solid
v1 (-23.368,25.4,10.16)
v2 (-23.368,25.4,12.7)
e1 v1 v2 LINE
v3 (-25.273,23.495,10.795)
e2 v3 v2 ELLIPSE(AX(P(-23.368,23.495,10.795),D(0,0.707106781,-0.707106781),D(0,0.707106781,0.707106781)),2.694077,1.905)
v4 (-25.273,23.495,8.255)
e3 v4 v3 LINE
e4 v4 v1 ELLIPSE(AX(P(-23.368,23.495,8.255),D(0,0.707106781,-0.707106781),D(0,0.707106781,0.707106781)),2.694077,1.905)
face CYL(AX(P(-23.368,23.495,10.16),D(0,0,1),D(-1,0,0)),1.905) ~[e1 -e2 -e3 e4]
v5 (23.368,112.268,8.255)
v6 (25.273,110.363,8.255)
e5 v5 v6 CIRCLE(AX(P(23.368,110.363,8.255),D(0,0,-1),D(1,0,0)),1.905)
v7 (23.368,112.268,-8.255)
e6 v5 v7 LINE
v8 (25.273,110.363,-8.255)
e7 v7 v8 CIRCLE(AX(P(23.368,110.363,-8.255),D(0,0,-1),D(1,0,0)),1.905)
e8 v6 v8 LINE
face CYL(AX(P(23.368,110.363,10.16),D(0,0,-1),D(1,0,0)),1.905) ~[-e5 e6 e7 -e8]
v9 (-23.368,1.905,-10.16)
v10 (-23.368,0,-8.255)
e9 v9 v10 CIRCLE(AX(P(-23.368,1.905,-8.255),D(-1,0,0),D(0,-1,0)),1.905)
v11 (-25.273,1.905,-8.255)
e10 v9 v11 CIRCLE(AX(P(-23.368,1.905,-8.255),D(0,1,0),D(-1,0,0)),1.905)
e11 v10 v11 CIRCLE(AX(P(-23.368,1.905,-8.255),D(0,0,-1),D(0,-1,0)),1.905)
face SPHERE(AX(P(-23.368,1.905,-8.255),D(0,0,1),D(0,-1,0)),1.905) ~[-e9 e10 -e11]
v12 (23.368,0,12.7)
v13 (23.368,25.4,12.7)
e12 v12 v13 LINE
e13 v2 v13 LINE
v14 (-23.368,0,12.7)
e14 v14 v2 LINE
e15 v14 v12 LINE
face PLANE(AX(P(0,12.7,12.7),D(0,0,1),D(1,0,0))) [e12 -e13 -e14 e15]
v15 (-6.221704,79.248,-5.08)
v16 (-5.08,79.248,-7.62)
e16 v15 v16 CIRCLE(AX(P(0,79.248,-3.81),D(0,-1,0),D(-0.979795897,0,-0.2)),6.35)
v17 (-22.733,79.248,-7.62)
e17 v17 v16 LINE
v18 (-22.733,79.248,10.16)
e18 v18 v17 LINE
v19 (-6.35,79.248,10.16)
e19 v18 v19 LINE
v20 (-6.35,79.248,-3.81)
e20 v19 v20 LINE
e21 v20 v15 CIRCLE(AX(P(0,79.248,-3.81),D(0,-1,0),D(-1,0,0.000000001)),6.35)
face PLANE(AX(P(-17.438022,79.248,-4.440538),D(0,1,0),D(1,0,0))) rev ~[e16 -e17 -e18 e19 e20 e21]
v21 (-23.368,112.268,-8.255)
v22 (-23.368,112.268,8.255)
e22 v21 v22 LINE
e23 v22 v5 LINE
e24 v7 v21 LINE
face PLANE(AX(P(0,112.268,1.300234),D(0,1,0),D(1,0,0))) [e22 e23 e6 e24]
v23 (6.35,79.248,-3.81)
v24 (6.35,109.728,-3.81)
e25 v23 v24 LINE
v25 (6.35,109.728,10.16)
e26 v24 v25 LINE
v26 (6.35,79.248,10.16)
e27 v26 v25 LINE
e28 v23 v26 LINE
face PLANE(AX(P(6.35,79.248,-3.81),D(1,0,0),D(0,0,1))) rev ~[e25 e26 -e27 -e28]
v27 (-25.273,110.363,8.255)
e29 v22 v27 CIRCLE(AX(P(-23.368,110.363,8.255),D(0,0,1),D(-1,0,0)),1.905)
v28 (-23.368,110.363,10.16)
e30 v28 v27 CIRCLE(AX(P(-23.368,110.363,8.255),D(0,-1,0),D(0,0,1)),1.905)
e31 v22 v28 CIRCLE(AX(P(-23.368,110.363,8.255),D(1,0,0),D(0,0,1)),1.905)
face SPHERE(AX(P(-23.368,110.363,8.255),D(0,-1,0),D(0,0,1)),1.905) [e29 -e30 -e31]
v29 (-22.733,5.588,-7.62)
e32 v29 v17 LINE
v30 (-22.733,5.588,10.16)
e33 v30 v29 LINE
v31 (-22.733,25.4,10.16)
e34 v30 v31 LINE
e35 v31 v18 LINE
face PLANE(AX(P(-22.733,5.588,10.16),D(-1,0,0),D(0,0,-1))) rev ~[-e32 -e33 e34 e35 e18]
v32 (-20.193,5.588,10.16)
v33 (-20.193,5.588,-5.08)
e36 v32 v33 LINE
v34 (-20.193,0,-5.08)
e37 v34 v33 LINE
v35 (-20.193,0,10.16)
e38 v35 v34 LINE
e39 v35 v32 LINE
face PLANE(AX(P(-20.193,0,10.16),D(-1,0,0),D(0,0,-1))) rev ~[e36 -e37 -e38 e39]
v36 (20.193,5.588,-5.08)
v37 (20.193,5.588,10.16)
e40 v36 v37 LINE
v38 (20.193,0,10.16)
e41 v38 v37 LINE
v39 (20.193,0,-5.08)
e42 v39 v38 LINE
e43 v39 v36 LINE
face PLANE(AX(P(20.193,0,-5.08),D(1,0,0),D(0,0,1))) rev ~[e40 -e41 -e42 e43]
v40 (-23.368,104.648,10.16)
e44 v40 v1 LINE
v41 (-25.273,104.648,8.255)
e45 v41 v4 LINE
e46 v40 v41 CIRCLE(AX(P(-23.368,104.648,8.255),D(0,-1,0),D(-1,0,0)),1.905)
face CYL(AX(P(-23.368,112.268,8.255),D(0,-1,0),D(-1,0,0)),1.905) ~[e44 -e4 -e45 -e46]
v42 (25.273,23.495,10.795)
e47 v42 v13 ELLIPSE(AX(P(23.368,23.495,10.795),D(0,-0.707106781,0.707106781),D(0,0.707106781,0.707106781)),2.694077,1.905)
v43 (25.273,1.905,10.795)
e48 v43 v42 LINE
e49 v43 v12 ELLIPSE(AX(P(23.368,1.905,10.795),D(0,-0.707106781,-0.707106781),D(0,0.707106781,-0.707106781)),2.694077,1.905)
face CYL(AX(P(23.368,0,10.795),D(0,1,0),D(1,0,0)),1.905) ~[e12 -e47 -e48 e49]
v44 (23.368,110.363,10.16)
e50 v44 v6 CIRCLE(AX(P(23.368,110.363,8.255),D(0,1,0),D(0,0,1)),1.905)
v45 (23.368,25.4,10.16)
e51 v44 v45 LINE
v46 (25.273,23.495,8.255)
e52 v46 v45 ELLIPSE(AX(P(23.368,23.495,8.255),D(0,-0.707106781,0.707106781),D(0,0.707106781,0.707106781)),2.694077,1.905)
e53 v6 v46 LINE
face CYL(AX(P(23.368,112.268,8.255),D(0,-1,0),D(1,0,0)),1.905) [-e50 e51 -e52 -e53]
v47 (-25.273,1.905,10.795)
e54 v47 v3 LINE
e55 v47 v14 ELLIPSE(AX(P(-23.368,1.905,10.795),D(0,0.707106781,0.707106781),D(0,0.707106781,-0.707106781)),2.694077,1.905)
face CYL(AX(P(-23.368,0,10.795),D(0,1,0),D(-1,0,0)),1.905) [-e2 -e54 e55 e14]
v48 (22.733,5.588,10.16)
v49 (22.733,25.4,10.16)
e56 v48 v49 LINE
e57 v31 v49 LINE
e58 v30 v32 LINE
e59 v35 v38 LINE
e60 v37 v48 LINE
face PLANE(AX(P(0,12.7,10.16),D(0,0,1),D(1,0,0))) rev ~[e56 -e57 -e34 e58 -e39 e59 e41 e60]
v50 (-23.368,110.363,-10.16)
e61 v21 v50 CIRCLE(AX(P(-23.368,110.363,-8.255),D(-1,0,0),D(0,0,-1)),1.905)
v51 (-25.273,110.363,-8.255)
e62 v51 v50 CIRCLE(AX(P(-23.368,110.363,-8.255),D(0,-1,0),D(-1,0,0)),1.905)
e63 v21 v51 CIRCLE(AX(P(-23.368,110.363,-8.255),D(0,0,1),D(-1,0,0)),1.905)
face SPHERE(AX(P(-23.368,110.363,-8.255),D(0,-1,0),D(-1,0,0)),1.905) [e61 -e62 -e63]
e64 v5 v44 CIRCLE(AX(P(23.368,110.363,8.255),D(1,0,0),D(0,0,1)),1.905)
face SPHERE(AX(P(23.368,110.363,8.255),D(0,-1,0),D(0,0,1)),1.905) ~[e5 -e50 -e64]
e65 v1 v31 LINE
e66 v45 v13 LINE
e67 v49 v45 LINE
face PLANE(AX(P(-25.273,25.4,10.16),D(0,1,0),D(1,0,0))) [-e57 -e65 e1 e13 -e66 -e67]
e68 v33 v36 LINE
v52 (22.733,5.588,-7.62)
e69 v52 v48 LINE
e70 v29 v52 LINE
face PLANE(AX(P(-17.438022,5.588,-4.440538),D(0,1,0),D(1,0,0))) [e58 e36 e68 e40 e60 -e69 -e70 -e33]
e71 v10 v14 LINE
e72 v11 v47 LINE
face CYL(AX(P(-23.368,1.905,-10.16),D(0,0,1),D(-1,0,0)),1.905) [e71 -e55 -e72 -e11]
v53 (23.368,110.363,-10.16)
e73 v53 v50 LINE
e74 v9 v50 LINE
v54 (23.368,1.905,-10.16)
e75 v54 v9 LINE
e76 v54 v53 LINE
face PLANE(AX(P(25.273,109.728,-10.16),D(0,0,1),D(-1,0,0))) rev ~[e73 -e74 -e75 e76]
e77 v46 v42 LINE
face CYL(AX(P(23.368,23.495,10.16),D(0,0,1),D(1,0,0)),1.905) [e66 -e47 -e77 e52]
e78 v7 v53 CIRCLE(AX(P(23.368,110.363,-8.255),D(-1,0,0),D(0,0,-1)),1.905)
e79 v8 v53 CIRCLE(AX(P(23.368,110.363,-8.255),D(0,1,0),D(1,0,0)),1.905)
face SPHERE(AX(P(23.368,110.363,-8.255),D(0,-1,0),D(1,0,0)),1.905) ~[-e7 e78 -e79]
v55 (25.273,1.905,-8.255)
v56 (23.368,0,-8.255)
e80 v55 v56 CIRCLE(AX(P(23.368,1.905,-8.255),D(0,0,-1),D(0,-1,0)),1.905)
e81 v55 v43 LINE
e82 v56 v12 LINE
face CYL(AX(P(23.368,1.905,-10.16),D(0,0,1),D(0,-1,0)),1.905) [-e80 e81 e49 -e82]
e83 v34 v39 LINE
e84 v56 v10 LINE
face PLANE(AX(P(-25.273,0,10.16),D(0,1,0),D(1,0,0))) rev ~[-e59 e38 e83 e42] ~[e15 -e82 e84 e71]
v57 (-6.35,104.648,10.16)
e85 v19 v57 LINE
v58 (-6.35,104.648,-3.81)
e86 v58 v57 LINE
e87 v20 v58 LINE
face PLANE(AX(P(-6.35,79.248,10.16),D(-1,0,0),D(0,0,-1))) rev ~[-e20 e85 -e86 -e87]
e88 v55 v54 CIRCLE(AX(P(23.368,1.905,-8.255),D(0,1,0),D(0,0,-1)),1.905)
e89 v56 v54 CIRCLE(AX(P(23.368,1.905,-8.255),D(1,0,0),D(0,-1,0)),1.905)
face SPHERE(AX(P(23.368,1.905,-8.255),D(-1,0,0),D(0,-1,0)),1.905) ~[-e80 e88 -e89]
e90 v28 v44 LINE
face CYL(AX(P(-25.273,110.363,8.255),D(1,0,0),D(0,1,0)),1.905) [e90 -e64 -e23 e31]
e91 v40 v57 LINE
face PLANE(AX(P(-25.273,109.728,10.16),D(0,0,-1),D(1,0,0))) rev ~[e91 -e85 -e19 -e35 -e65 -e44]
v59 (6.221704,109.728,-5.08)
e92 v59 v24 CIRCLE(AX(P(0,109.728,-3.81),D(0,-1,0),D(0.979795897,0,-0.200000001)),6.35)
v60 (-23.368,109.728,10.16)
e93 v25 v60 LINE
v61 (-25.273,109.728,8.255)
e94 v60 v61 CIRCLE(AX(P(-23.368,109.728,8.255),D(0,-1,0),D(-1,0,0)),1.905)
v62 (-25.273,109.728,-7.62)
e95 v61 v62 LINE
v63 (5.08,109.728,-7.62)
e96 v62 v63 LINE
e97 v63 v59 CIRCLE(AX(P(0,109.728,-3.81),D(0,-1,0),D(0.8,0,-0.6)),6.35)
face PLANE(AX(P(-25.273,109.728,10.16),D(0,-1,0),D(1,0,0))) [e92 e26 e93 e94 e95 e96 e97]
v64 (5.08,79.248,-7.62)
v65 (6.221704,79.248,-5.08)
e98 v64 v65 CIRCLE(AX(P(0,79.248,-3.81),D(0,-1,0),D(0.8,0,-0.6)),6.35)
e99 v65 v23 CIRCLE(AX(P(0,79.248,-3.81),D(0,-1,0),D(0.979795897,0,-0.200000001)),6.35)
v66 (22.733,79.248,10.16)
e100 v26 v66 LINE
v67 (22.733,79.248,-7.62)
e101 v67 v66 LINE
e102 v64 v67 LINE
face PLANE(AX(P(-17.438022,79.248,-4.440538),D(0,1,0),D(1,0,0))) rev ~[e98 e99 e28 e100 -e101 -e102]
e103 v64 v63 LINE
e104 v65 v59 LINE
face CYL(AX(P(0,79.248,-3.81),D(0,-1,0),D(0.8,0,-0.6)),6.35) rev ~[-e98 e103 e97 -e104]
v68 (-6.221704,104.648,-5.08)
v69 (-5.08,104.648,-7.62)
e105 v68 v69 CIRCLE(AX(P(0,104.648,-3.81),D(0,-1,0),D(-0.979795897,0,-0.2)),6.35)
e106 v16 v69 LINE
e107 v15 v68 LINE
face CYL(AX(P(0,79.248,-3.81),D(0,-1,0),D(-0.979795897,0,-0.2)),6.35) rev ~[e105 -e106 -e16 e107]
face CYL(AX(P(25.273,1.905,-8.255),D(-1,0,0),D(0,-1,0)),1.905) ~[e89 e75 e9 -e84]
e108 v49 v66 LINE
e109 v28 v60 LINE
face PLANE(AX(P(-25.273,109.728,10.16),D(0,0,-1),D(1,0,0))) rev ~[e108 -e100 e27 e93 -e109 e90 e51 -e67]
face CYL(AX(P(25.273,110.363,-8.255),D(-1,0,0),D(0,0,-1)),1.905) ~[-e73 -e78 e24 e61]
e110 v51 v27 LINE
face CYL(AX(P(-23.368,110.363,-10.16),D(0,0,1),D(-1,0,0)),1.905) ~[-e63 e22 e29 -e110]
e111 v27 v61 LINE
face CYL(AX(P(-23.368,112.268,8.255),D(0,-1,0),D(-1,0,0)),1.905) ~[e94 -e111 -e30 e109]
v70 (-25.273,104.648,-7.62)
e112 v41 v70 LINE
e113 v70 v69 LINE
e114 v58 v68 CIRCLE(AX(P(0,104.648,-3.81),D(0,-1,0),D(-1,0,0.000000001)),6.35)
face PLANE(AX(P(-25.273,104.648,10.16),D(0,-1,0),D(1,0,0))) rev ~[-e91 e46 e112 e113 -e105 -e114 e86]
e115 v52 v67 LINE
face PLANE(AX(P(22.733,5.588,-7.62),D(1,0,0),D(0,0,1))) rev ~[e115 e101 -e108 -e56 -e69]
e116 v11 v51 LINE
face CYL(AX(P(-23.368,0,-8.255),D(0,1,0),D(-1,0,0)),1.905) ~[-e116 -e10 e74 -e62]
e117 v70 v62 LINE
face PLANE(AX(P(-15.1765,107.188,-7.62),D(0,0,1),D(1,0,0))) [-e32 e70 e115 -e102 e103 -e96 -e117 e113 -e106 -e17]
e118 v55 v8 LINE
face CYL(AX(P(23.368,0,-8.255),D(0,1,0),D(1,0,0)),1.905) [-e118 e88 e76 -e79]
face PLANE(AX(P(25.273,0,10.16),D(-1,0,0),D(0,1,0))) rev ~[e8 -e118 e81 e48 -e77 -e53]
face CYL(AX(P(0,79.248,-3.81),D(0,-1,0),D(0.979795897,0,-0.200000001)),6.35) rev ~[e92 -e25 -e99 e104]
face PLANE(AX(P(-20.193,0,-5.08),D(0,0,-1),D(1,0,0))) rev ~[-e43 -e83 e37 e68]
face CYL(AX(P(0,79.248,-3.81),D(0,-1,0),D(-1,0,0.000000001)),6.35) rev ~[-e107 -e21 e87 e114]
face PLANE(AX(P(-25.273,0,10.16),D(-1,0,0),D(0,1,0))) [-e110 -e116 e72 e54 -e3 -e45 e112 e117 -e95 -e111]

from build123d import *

# Parameters (mm, degrees)
SKETCH1_W            = 2.54
SKETCH1_H            = 2.54
BOSS_EXTRUDE3_DEPTH  = 5.588
BOSS_EXTRUDE4_START  = 5.588
BOSS_EXTRUDE4_DEPTH  = 73.66
BOSS_EXTRUDE6_START  = 79.248
SKETCH1_8_W          = 2.54
SKETCH1_8_H          = 2.54
SKETCH1_8_W_2        = 13.843
BOSS_EXTRUDE6_DEPTH  = 30.48
BOSS_EXTRUDE7_START  = 109.728
SKETCH1_9_W          = 12.7
SKETCH1_9_H          = 2.54
SKETCH1_9_W_2        = 2.54
SKETCH1_9_W_3        = 13.843
BOSS_EXTRUDE7_DEPTH  = 2.54
SKETCH4_W            = 50.546
SKETCH4_H            = 25.4
BOSS_EXTRUDE10_DEPTH = 2.54
FILLET1_R            = 1.905
SKETCH3_W            = 20.193
SKETCH3_H            = 5.08
CUT_EXTRUDE3_DEPTH   = 17.78


with BuildPart() as part:
    # Sketch1 → Boss-Extrude3 (new body)
    with BuildSketch(Plane(origin=(0, 0, 0), x_dir=(1, 0, 0), z_dir=(0, 1, 0))):
        with BuildLine():
            Line((-22.733, -10.16), (-22.733, -7.62))
            Line((-22.733, -7.62), (-22.733, 7.62))
            Line((-22.733, 7.62), (-5.08, 7.62))
            ThreePointArc((-5.08, 7.62), (-2.839806331, 9.489612663), (0, 10.16))
            Line((0, 10.16), (-25.273, 10.16))
            Line((-25.273, 10.16), (-25.273, -10.16))
            Line((-25.273, -10.16), (-22.733, -10.16))
        make_face()
        with BuildLine():
            ThreePointArc((0, 10.16), (2.839806331, 9.489612663), (5.08, 7.62))
            Line((5.08, 7.62), (22.733, 7.62))
            Line((22.733, 7.62), (22.733, -7.62))
            Line((22.733, -7.62), (22.733, -10.16))
            Line((22.733, -10.16), (25.273, -10.16))
            Line((25.273, -10.16), (25.273, 10.16))
            Line((25.273, 10.16), (0, 10.16))
        make_face()
        with BuildLine():
            ThreePointArc((0, 10.16), (-2.839806331, 9.489612663), (-5.08, 7.62))
            Line((-5.08, 7.62), (5.08, 7.62))
            ThreePointArc((5.08, 7.62), (2.839806331, 9.489612663), (0, 10.16))
        make_face()
        with BuildLine():
            Line((-22.733, 7.62), (-22.733, -7.62))
            Line((-22.733, -7.62), (-20.193, -7.62))
            Line((-20.193, -7.62), (-20.193, -5.08))
            Line((-20.193, -5.08), (-20.193, 5.08))
            Line((-20.193, 5.08), (-6.221703947, 5.08))
            ThreePointArc((-6.221703947, 5.08), (-5.791806974, 6.413357827), (-5.08, 7.62))
            Line((-5.08, 7.62), (-22.733, 7.62))
        make_face()
        with Locations((-21.463, -8.89)):
            Rectangle(SKETCH1_W, SKETCH1_H)
        with BuildLine():
            Line((5.08, 7.62), (-5.08, 7.62))
            ThreePointArc((-5.08, 7.62), (-5.791806974, 6.413357827), (-6.221703947, 5.08))
            Line((-6.221703947, 5.08), (6.221703947, 5.08))
            ThreePointArc((6.221703947, 5.08), (5.791806974, 6.413357827), (5.08, 7.62))
        make_face()
        with BuildLine():
            Line((22.733, 7.62), (5.08, 7.62))
            ThreePointArc((5.08, 7.62), (5.791806974, 6.413357827), (6.221703947, 5.08))
            Line((6.221703947, 5.08), (20.193, 5.08))
            Line((20.193, 5.08), (20.193, -5.08))
            Line((20.193, -5.08), (20.193, -7.62))
            Line((20.193, -7.62), (22.733, -7.62))
            Line((22.733, -7.62), (22.733, 7.62))
        make_face()
        with Locations((21.463, -8.89)):
            Rectangle(SKETCH1_W, SKETCH1_H)
    extrude(amount=BOSS_EXTRUDE3_DEPTH)

    # Sketch1<7> → Boss-Extrude4 (add)
    with BuildSketch(Plane(origin=(0, 0, 0), x_dir=(1, 0, 0), z_dir=(0, 1, 0)).offset(BOSS_EXTRUDE4_START)):
        with BuildLine():
            Line((-22.733, -10.16), (-22.733, -7.62))
            Line((-22.733, -7.62), (-22.733, 7.62))
            Line((-22.733, 7.62), (-5.08, 7.62))
            ThreePointArc((-5.08, 7.62), (-2.839806331, 9.489612663), (0, 10.16))
            Line((0, 10.16), (-25.273, 10.16))
            Line((-25.273, 10.16), (-25.273, -10.16))
            Line((-25.273, -10.16), (-22.733, -10.16))
        make_face()
        with BuildLine():
            ThreePointArc((0, 10.16), (2.839806331, 9.489612663), (5.08, 7.62))
            Line((5.08, 7.62), (22.733, 7.62))
            Line((22.733, 7.62), (22.733, -7.62))
            Line((22.733, -7.62), (22.733, -10.16))
            Line((22.733, -10.16), (25.273, -10.16))
            Line((25.273, -10.16), (25.273, 10.16))
            Line((25.273, 10.16), (0, 10.16))
        make_face()
        with BuildLine():
            ThreePointArc((0, 10.16), (-2.839806331, 9.489612663), (-5.08, 7.62))
            Line((-5.08, 7.62), (5.08, 7.62))
            ThreePointArc((5.08, 7.62), (2.839806331, 9.489612663), (0, 10.16))
        make_face()
    extrude(amount=BOSS_EXTRUDE4_DEPTH)

    # Sketch1<8> → Boss-Extrude6 (add)
    with BuildSketch(Plane(origin=(0, 0, 0), x_dir=(1, 0, 0), z_dir=(0, 1, 0)).offset(BOSS_EXTRUDE6_START)):
        with BuildLine():
            Line((-22.733, -10.16), (-22.733, -7.62))
            Line((-22.733, -7.62), (-22.733, 7.62))
            Line((-22.733, 7.62), (-5.08, 7.62))
            ThreePointArc((-5.08, 7.62), (-2.839806331, 9.489612663), (0, 10.16))
            Line((0, 10.16), (-25.273, 10.16))
            Line((-25.273, 10.16), (-25.273, -10.16))
            Line((-25.273, -10.16), (-22.733, -10.16))
        make_face()
        with BuildLine():
            Line((-22.733, 7.62), (-22.733, -7.62))
            Line((-22.733, -7.62), (-20.193, -7.62))
            Line((-20.193, -7.62), (-20.193, -5.08))
            Line((-20.193, -5.08), (-20.193, 5.08))
            Line((-20.193, 5.08), (-6.221703947, 5.08))
            ThreePointArc((-6.221703947, 5.08), (-5.791806974, 6.413357827), (-5.08, 7.62))
            Line((-5.08, 7.62), (-22.733, 7.62))
        make_face()
        with BuildLine():
            Line((-20.193, -5.08), (-20.193, -7.62))
            Line((-20.193, -7.62), (-6.35, -7.62))
            Line((-6.35, -7.62), (-6.35, -3.175))
            Line((-6.35, -3.175), (-6.35, 3.81))
            ThreePointArc((-6.35, 3.81), (-6.317844572, 4.448231909), (-6.221703947, 5.08))
            Line((-6.221703947, 5.08), (-20.193, 5.08))
            Line((-20.193, 5.08), (-20.193, -5.08))
        make_face()
        with Locations((-21.463, -8.89)):
            Rectangle(SKETCH1_8_W, SKETCH1_8_H)
        with Locations((-13.2715, -8.89)):
            Rectangle(SKETCH1_8_W_2, SKETCH1_8_H)
        with BuildLine():
            ThreePointArc((0, 10.16), (2.839806331, 9.489612663), (5.08, 7.62))
            Line((5.08, 7.62), (22.733, 7.62))
            Line((22.733, 7.62), (22.733, -7.62))
            Line((22.733, -7.62), (22.733, -10.16))
            Line((22.733, -10.16), (25.273, -10.16))
            Line((25.273, -10.16), (25.273, 10.16))
            Line((25.273, 10.16), (0, 10.16))
        make_face()
        with BuildLine():
            Line((22.733, 7.62), (5.08, 7.62))
            ThreePointArc((5.08, 7.62), (5.791806974, 6.413357827), (6.221703947, 5.08))
            Line((6.221703947, 5.08), (20.193, 5.08))
            Line((20.193, 5.08), (20.193, -5.08))
            Line((20.193, -5.08), (20.193, -7.62))
            Line((20.193, -7.62), (22.733, -7.62))
            Line((22.733, -7.62), (22.733, 7.62))
        make_face()
        with BuildLine():
            Line((6.35, -3.175), (6.35, -7.62))
            Line((6.35, -7.62), (20.193, -7.62))
            Line((20.193, -7.62), (20.193, -5.08))
            Line((20.193, -5.08), (20.193, 5.08))
            Line((20.193, 5.08), (6.221703947, 5.08))
            ThreePointArc((6.221703947, 5.08), (6.317844572, 4.448231909), (6.35, 3.81))
            Line((6.35, 3.81), (6.35, -3.175))
        make_face()
        with Locations((13.2715, -8.89)):
            Rectangle(SKETCH1_8_W_2, SKETCH1_8_H)
        with Locations((21.463, -8.89)):
            Rectangle(SKETCH1_8_W, SKETCH1_8_H)
        with BuildLine():
            ThreePointArc((0, 10.16), (-2.839806331, 9.489612663), (-5.08, 7.62))
            Line((-5.08, 7.62), (5.08, 7.62))
            ThreePointArc((5.08, 7.62), (2.839806331, 9.489612663), (0, 10.16))
        make_face()
    extrude(amount=BOSS_EXTRUDE6_DEPTH)

    # Sketch1<9> → Boss-Extrude7 (add)
    with BuildSketch(Plane(origin=(0, 0, 0), x_dir=(1, 0, 0), z_dir=(0, 1, 0)).offset(BOSS_EXTRUDE7_START)):
        with BuildLine():
            Line((-6.35, -3.175), (-6.35, -7.62))
            Line((-6.35, -7.62), (6.35, -7.62))
            Line((6.35, -7.62), (6.35, -3.175))
            Line((6.35, -3.175), (6.35, 3.81))
            ThreePointArc((6.35, 3.81), (6.317844572, 4.448231909), (6.221703947, 5.08))
            Line((6.221703947, 5.08), (-6.221703947, 5.08))
            ThreePointArc((-6.221703947, 5.08), (-6.317844572, 4.448231909), (-6.35, 3.81))
            Line((-6.35, 3.81), (-6.35, -3.175))
        make_face()
        with Locations((0, -8.89)):
            Rectangle(SKETCH1_9_W, SKETCH1_9_H)
        with BuildLine():
            Line((5.08, 7.62), (-5.08, 7.62))
            ThreePointArc((-5.08, 7.62), (-5.791806974, 6.413357827), (-6.221703947, 5.08))
            Line((-6.221703947, 5.08), (6.221703947, 5.08))
            ThreePointArc((6.221703947, 5.08), (5.791806974, 6.413357827), (5.08, 7.62))
        make_face()
        with BuildLine():
            Line((-22.733, -10.16), (-22.733, -7.62))
            Line((-22.733, -7.62), (-22.733, 7.62))
            Line((-22.733, 7.62), (-5.08, 7.62))
            ThreePointArc((-5.08, 7.62), (-2.839806331, 9.489612663), (0, 10.16))
            Line((0, 10.16), (-25.273, 10.16))
            Line((-25.273, 10.16), (-25.273, -10.16))
            Line((-25.273, -10.16), (-22.733, -10.16))
        make_face()
        with Locations((-21.463, -8.89)):
            Rectangle(SKETCH1_9_W_2, SKETCH1_9_H)
        with BuildLine():
            Line((-22.733, 7.62), (-22.733, -7.62))
            Line((-22.733, -7.62), (-20.193, -7.62))
            Line((-20.193, -7.62), (-20.193, -5.08))
            Line((-20.193, -5.08), (-20.193, 5.08))
            Line((-20.193, 5.08), (-6.221703947, 5.08))
            ThreePointArc((-6.221703947, 5.08), (-5.791806974, 6.413357827), (-5.08, 7.62))
            Line((-5.08, 7.62), (-22.733, 7.62))
        make_face()
        with Locations((-13.2715, -8.89)):
            Rectangle(SKETCH1_9_W_3, SKETCH1_9_H)
        with BuildLine():
            Line((-20.193, -5.08), (-20.193, -7.62))
            Line((-20.193, -7.62), (-6.35, -7.62))
            Line((-6.35, -7.62), (-6.35, -3.175))
            Line((-6.35, -3.175), (-6.35, 3.81))
            ThreePointArc((-6.35, 3.81), (-6.317844572, 4.448231909), (-6.221703947, 5.08))
            Line((-6.221703947, 5.08), (-20.193, 5.08))
            Line((-20.193, 5.08), (-20.193, -5.08))
        make_face()
        with BuildLine():
            ThreePointArc((0, 10.16), (-2.839806331, 9.489612663), (-5.08, 7.62))
            Line((-5.08, 7.62), (5.08, 7.62))
            ThreePointArc((5.08, 7.62), (2.839806331, 9.489612663), (0, 10.16))
        make_face()
        with BuildLine():
            Line((22.733, 7.62), (5.08, 7.62))
            ThreePointArc((5.08, 7.62), (5.791806974, 6.413357827), (6.221703947, 5.08))
            Line((6.221703947, 5.08), (20.193, 5.08))
            Line((20.193, 5.08), (20.193, -5.08))
            Line((20.193, -5.08), (20.193, -7.62))
            Line((20.193, -7.62), (22.733, -7.62))
            Line((22.733, -7.62), (22.733, 7.62))
        make_face()
        with BuildLine():
            ThreePointArc((0, 10.16), (2.839806331, 9.489612663), (5.08, 7.62))
            Line((5.08, 7.62), (22.733, 7.62))
            Line((22.733, 7.62), (22.733, -7.62))
            Line((22.733, -7.62), (22.733, -10.16))
            Line((22.733, -10.16), (25.273, -10.16))
            Line((25.273, -10.16), (25.273, 10.16))
            Line((25.273, 10.16), (0, 10.16))
        make_face()
        with BuildLine():
            Line((6.35, -3.175), (6.35, -7.62))
            Line((6.35, -7.62), (20.193, -7.62))
            Line((20.193, -7.62), (20.193, -5.08))
            Line((20.193, -5.08), (20.193, 5.08))
            Line((20.193, 5.08), (6.221703947, 5.08))
            ThreePointArc((6.221703947, 5.08), (6.317844572, 4.448231909), (6.35, 3.81))
            Line((6.35, 3.81), (6.35, -3.175))
        make_face()
        with Locations((13.2715, -8.89)):
            Rectangle(SKETCH1_9_W_3, SKETCH1_9_H)
        with Locations((21.463, -8.89)):
            Rectangle(SKETCH1_9_W_2, SKETCH1_9_H)
    extrude(amount=BOSS_EXTRUDE7_DEPTH)

    # Sketch4 → Boss-Extrude10 (add)
    with BuildSketch(Plane.XY.offset(10.16)):
        with Locations((0, 12.7)):
            Rectangle(SKETCH4_W, SKETCH4_H)
    extrude(amount=BOSS_EXTRUDE10_DEPTH)

    # Fillet1
    fillet1_edges = [part.edges().sort_by_distance(p)[0] for p in [
        (-25.273, 25.4, 11.43),
        (25.273, 25.4, 11.43),
        (-25.273, 12.7, 12.7),
        (25.273, 12.7, 12.7),
        (-25.273, 0, 1.27),
        (0, 0, -10.16),
        (25.273, 0, 1.27),
        (-25.273, 68.834, 10.16),
        (-25.273, 56.134, -10.16),
        (25.273, 56.134, -10.16),
        (25.273, 68.834, 10.16),
        (0, 112.268, 10.16),
        (25.273, 112.268, 0),
        (-25.273, 112.268, 0),
        (0, 112.268, -10.16),
    ]]
    fillet(fillet1_edges, radius=FILLET1_R)

    # Sketch3 → Cut-Extrude3 (cut)
    with BuildSketch(Plane.XY.offset(10.16)):
        with Locations((-15.1765, 107.188)):
            Rectangle(SKETCH3_W, SKETCH3_H)
    extrude(amount=-CUT_EXTRUDE3_DEPTH, mode=Mode.SUBTRACT)


solid = part.part
